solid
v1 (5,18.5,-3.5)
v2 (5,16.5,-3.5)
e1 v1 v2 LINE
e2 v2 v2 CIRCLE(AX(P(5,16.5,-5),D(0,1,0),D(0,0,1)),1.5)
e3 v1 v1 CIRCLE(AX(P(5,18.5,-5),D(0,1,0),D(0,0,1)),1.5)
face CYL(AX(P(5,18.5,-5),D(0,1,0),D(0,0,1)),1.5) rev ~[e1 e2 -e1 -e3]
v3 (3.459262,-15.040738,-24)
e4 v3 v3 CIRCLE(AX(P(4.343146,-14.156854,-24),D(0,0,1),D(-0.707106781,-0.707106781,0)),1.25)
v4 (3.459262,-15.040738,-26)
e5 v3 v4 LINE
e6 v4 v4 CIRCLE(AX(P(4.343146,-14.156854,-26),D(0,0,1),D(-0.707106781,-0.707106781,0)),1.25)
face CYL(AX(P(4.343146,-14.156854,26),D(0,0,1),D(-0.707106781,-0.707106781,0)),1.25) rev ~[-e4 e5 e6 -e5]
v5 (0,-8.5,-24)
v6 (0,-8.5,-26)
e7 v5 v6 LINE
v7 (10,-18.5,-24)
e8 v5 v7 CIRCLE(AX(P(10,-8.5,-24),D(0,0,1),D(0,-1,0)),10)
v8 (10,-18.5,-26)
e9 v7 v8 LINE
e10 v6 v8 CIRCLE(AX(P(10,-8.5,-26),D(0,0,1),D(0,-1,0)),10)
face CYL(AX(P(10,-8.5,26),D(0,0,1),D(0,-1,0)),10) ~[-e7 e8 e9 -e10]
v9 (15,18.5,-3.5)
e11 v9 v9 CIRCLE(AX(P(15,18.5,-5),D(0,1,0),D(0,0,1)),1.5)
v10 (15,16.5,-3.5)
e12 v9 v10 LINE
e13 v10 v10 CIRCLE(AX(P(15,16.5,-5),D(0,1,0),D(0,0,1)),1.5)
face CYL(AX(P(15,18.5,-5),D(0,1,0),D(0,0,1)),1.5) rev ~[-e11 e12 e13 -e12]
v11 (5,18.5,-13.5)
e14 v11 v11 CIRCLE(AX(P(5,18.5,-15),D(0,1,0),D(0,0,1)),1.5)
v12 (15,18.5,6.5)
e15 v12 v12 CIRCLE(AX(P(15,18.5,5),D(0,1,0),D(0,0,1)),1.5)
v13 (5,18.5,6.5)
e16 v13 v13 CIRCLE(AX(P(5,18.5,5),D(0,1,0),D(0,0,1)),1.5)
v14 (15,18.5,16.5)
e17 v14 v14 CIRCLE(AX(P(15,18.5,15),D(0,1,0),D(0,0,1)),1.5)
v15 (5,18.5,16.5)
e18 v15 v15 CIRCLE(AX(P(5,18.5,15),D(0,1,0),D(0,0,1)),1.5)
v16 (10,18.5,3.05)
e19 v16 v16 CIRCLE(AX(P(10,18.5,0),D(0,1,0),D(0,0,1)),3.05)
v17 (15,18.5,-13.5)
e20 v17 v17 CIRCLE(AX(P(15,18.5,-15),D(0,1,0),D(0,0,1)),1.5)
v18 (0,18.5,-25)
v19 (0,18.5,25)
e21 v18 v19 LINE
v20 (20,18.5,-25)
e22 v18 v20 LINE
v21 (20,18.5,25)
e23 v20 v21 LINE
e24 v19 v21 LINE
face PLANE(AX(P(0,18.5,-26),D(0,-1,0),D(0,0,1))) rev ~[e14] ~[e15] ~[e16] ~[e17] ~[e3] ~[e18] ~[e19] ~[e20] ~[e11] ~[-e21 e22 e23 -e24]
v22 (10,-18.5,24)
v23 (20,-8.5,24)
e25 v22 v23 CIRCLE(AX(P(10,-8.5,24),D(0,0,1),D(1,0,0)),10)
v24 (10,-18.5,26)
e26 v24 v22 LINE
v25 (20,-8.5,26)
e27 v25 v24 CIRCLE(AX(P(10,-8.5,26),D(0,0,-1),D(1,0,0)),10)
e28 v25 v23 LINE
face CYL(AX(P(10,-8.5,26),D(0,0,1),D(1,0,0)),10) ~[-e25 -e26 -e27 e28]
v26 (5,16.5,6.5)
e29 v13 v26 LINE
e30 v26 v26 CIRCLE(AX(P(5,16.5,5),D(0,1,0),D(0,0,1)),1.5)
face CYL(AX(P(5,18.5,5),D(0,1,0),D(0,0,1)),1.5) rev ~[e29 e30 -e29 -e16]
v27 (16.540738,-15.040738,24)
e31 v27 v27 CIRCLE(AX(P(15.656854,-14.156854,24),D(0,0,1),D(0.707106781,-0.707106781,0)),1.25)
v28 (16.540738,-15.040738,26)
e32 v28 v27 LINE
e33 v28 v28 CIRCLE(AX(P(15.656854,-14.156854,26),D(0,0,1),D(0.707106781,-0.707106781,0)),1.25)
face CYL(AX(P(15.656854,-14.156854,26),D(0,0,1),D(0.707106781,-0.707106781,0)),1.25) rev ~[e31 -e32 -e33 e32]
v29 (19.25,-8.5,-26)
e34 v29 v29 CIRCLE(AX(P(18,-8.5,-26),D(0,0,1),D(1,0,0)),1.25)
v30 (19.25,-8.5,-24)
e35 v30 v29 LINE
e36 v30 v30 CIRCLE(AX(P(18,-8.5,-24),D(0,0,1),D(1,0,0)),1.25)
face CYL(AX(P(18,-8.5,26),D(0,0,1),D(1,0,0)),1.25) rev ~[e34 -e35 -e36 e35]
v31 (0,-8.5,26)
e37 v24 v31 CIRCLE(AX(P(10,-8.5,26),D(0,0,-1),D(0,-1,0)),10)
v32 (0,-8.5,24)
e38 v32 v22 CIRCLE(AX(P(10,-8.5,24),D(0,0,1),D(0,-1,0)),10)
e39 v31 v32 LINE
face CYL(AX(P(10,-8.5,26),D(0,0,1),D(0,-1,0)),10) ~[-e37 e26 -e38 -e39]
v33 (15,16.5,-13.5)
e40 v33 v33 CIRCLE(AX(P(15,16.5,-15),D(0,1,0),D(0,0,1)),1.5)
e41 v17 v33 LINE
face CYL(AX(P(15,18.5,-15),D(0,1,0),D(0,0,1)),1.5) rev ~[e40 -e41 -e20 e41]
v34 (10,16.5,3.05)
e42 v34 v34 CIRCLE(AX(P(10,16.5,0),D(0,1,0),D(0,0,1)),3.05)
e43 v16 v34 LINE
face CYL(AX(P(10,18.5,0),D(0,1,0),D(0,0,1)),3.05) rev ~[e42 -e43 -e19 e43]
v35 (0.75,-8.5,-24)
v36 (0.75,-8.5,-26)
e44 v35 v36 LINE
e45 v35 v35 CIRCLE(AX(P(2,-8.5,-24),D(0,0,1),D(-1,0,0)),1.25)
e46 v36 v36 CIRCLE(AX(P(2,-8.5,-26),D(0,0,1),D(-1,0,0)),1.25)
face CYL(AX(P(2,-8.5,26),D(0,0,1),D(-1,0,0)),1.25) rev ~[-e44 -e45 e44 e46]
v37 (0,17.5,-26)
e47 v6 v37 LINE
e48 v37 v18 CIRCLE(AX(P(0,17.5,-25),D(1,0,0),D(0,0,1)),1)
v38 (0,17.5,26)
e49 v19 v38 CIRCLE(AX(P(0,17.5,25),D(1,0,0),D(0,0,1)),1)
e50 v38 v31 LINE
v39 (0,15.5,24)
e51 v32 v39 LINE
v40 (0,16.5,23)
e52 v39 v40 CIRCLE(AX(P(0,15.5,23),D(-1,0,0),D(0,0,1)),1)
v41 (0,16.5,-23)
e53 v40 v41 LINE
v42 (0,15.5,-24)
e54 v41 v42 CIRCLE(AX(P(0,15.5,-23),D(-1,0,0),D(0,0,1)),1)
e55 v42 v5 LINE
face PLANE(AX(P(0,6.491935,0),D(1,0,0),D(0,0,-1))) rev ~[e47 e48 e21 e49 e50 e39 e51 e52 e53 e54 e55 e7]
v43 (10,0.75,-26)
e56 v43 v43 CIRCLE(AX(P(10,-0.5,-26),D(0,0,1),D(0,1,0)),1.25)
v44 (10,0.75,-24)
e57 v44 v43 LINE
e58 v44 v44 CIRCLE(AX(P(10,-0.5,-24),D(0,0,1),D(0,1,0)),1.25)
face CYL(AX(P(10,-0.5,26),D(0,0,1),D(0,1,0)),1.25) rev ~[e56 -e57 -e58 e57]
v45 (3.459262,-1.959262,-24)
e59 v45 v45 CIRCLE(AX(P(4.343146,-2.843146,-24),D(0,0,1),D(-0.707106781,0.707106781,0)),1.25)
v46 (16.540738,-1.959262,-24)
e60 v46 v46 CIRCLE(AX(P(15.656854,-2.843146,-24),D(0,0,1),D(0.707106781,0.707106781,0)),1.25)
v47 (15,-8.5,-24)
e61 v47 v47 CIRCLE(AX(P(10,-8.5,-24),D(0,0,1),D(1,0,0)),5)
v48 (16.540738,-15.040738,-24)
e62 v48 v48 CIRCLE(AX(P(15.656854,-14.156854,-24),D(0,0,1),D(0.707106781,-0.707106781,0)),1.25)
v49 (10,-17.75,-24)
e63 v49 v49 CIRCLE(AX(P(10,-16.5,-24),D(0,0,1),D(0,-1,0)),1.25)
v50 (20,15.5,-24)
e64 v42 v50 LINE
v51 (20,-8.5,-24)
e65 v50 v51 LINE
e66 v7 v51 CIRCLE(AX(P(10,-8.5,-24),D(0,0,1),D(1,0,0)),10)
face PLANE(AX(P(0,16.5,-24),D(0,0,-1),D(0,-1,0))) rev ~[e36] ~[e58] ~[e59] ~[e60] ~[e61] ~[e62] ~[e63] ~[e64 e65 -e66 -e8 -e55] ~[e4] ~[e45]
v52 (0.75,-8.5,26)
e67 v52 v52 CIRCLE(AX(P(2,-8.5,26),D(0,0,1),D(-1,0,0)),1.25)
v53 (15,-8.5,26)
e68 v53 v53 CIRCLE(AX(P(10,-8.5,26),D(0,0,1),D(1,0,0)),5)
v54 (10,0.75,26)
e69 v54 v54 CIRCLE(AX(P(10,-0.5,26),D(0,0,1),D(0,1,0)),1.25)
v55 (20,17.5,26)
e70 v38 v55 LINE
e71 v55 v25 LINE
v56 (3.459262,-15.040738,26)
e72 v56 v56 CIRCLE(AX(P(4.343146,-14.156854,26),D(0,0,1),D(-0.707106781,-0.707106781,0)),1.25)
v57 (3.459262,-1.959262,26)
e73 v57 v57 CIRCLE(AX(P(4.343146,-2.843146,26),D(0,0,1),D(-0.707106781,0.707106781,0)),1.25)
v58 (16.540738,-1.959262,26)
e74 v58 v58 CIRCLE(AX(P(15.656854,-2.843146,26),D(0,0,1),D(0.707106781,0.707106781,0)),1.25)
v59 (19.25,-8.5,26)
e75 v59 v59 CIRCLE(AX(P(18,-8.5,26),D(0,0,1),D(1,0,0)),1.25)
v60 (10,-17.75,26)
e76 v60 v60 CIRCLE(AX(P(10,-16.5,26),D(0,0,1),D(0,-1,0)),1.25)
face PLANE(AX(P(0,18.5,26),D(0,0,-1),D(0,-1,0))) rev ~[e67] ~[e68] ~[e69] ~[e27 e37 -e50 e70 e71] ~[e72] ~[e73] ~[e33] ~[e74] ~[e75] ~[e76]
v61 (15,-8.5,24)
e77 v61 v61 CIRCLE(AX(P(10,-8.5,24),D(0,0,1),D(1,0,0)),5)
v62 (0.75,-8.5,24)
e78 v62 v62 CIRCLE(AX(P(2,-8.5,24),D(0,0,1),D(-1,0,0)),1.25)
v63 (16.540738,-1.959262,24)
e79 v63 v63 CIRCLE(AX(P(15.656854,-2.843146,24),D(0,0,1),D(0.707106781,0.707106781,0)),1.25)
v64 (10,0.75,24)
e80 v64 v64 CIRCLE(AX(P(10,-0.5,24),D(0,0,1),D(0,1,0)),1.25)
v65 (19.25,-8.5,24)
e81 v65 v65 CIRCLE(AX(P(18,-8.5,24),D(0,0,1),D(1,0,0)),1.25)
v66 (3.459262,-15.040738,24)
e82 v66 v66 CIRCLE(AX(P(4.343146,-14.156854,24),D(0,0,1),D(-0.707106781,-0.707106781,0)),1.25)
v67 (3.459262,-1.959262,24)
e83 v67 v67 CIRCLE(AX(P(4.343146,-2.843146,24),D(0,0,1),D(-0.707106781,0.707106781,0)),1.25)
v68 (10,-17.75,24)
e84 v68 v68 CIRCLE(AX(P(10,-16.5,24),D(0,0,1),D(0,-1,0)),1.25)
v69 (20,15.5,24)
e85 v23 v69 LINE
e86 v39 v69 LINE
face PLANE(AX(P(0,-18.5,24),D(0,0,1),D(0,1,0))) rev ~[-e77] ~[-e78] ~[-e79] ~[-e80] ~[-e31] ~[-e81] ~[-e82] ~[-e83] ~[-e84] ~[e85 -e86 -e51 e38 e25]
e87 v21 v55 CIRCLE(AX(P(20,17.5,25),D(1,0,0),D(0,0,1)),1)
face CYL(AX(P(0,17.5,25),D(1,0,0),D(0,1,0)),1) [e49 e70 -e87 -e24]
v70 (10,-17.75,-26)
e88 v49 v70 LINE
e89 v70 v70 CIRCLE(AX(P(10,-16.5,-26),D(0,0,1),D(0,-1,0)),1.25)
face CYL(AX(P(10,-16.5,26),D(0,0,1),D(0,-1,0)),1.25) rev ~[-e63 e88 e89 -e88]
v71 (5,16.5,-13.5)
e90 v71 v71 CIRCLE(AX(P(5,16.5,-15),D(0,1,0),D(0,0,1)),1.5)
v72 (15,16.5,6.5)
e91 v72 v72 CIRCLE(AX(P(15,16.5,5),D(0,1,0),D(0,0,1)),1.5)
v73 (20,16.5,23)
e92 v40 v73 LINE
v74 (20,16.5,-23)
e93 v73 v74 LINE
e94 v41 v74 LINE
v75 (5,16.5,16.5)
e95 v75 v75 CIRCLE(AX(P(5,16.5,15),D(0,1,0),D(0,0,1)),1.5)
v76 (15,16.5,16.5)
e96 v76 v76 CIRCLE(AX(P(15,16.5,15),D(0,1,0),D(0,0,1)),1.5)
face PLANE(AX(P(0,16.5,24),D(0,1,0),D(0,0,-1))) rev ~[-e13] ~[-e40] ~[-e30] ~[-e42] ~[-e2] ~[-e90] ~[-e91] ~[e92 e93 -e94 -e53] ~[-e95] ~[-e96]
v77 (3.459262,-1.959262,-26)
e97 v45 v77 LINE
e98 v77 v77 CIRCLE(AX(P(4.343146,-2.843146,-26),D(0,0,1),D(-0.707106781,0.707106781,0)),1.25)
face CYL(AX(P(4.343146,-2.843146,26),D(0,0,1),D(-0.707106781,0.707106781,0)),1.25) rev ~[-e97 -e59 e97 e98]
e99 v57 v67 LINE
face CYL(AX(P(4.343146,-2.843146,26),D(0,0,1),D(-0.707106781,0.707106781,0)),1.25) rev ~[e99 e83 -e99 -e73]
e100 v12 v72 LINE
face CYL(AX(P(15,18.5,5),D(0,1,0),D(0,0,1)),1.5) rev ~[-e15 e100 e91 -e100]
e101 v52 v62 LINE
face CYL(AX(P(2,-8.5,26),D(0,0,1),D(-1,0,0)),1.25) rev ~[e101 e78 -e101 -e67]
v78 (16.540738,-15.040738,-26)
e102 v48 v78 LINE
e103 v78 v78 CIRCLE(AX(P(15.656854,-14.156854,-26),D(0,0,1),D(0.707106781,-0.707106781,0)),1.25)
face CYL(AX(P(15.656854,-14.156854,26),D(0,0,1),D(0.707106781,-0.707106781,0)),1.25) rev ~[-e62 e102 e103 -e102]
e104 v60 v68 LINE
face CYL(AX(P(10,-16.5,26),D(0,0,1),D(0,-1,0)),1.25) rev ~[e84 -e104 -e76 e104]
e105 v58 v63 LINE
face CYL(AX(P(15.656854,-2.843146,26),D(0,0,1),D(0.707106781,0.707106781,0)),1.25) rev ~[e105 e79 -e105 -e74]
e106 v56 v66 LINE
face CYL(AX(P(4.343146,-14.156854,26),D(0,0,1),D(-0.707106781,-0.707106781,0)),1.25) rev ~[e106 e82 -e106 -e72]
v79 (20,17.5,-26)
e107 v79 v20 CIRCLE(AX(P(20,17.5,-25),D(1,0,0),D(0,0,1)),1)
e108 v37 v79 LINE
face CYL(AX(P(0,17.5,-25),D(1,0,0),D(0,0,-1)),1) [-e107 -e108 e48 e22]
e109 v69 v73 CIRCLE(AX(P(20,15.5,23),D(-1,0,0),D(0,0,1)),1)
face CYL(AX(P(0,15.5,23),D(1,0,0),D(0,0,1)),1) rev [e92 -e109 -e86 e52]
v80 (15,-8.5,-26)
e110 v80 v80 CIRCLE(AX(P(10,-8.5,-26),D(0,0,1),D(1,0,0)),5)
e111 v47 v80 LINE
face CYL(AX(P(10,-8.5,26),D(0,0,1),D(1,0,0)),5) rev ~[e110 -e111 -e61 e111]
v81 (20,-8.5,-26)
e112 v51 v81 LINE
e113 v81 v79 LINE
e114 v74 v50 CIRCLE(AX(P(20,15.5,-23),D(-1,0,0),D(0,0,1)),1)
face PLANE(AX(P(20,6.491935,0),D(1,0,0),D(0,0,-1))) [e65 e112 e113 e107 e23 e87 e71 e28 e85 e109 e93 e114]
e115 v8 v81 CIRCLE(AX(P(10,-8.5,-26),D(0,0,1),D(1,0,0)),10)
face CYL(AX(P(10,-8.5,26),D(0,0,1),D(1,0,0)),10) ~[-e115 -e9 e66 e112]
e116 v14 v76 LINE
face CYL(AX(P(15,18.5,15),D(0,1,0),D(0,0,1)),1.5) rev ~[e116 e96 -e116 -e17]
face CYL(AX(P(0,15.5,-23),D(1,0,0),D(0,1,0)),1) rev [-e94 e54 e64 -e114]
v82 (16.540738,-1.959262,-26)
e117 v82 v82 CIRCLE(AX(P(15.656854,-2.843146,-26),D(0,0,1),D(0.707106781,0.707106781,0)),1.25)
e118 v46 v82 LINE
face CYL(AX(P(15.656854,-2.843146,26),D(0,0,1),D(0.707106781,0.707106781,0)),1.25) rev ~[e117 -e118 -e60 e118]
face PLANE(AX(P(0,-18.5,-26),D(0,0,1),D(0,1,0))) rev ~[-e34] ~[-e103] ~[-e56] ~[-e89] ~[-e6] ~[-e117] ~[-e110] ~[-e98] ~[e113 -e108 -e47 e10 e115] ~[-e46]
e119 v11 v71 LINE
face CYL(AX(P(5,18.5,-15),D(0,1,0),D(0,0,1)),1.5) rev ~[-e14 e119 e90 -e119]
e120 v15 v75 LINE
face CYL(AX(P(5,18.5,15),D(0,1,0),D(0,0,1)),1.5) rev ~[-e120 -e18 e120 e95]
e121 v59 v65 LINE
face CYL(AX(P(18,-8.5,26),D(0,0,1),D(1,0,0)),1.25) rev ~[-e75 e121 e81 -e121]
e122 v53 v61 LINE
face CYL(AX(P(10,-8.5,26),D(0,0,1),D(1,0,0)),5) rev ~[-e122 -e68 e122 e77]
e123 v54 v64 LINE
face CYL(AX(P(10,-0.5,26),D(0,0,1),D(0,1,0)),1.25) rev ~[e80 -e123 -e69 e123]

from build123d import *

# Parameters (mm, degrees)
EXTRUDE_1_DEPTH          = 20
FILLET_1_R               = 1
CUT_EXTRUDE_1_DEPTH      = 50000
SKETCH_3_R               = 5
CUT_EXTRUDE_2_DEPTH      = 500
SKETCH_4_R               = 1.25
CUT_EXTRUDE_3_DEPTH      = 5000
PATTERN_CIRCULAR_1_COUNT = 8
SKETCH_5_R               = 3.05
SKETCH_5_R_2             = 1.5
CUT_EXTRUDE_4_DEPTH      = 5000


with BuildPart() as part:
    # 草图1 → 凸台-拉伸1 (new body)
    with BuildSketch(Plane(origin=(0, 0, 0), x_dir=(0, 0, -1), z_dir=(1, 0, 0))):
        Polygon((-24, -18.5), (-24, 16.5), (24, 16.5), (24, -18.5), (26, -18.5), (26, 18.5), (-26, 18.5), (-26, -18.5), align=None)
    extrude(amount=EXTRUDE_1_DEPTH)

    # 圆角1
    fillet_1_edges = [part.edges().sort_by_distance(p)[0] for p in [
        (10, 16.5, -24),
        (10, 16.5, 24),
        (10, 18.5, 26),
        (10, 18.5, -26),
    ]]
    fillet(fillet_1_edges, radius=FILLET_1_R)

    # 草图2 → 切除-拉伸1 (cut)
    with BuildSketch(Plane.XY.offset(26)):
        with BuildLine():
            ThreePointArc((10, -18.5), (2.928932188, -15.571067812), (0, -8.5))
            Line((0, -8.5), (0, -18.5))
            Line((0, -18.5), (10, -18.5))
        make_face()
        with BuildLine():
            ThreePointArc((20, -8.5), (17.071067812, -15.571067812), (10, -18.5))
            Line((10, -18.5), (20, -18.5))
            Line((20, -18.5), (20, -8.5))
        make_face()
    extrude(amount=-CUT_EXTRUDE_1_DEPTH, mode=Mode.SUBTRACT)

    # 草图3 → 切除-拉伸2 (cut)
    with BuildSketch(Plane.XY.offset(26)):
        with Locations((10, -8.5)):
            Circle(SKETCH_3_R)
    extrude(amount=-CUT_EXTRUDE_2_DEPTH, mode=Mode.SUBTRACT)

    # 草图4 → 切除-拉伸3 (cut)
    with BuildSketch(Plane.XY.offset(26)):
        with Locations((18, -8.5)):
            Circle(SKETCH_4_R)
    cut_extrude_3 = extrude(amount=-CUT_EXTRUDE_3_DEPTH, mode=Mode.SUBTRACT)

    # 阵列(圆周)1: 切除-拉伸3 ×8 about axis
    pattern_circular_1_axis = Axis((10, -8.5, 0), (0, 0, 1))
    for i in range(1, PATTERN_CIRCULAR_1_COUNT):
        add(cut_extrude_3.rotate(pattern_circular_1_axis, i * 360 / PATTERN_CIRCULAR_1_COUNT), mode=Mode.SUBTRACT)

    # 草图5 → 切除-拉伸4 (cut)
    with BuildSketch(Plane(origin=(0, 18.5, 0), x_dir=(1, 0, 0), z_dir=(0, 1, 0))):
        with Locations(Location((10, 0, 0), (0, 0, 270))):
            Circle(SKETCH_5_R)
        with Locations(Location((15, 15, 0), (0, 0, 270))):
            Circle(SKETCH_5_R_2)
        with Locations(Location((5, 15, 0), (0, 0, 270))):
            Circle(SKETCH_5_R_2)
        with Locations(Location((5, 5, 0), (0, 0, 270))):
            Circle(SKETCH_5_R_2)
        with Locations(Location((15, 5, 0), (0, 0, 270))):
            Circle(SKETCH_5_R_2)
        with Locations(Location((15, -5, 0), (0, 0, 270))):
            Circle(SKETCH_5_R_2)
        with Locations(Location((5, -5, 0), (0, 0, 270))):
            Circle(SKETCH_5_R_2)
        with Locations(Location((5, -15, 0), (0, 0, 270))):
            Circle(SKETCH_5_R_2)
        with Locations(Location((15, -15, 0), (0, 0, 270))):
            Circle(SKETCH_5_R_2)
    extrude(amount=-CUT_EXTRUDE_4_DEPTH, mode=Mode.SUBTRACT)


solid = part.part
